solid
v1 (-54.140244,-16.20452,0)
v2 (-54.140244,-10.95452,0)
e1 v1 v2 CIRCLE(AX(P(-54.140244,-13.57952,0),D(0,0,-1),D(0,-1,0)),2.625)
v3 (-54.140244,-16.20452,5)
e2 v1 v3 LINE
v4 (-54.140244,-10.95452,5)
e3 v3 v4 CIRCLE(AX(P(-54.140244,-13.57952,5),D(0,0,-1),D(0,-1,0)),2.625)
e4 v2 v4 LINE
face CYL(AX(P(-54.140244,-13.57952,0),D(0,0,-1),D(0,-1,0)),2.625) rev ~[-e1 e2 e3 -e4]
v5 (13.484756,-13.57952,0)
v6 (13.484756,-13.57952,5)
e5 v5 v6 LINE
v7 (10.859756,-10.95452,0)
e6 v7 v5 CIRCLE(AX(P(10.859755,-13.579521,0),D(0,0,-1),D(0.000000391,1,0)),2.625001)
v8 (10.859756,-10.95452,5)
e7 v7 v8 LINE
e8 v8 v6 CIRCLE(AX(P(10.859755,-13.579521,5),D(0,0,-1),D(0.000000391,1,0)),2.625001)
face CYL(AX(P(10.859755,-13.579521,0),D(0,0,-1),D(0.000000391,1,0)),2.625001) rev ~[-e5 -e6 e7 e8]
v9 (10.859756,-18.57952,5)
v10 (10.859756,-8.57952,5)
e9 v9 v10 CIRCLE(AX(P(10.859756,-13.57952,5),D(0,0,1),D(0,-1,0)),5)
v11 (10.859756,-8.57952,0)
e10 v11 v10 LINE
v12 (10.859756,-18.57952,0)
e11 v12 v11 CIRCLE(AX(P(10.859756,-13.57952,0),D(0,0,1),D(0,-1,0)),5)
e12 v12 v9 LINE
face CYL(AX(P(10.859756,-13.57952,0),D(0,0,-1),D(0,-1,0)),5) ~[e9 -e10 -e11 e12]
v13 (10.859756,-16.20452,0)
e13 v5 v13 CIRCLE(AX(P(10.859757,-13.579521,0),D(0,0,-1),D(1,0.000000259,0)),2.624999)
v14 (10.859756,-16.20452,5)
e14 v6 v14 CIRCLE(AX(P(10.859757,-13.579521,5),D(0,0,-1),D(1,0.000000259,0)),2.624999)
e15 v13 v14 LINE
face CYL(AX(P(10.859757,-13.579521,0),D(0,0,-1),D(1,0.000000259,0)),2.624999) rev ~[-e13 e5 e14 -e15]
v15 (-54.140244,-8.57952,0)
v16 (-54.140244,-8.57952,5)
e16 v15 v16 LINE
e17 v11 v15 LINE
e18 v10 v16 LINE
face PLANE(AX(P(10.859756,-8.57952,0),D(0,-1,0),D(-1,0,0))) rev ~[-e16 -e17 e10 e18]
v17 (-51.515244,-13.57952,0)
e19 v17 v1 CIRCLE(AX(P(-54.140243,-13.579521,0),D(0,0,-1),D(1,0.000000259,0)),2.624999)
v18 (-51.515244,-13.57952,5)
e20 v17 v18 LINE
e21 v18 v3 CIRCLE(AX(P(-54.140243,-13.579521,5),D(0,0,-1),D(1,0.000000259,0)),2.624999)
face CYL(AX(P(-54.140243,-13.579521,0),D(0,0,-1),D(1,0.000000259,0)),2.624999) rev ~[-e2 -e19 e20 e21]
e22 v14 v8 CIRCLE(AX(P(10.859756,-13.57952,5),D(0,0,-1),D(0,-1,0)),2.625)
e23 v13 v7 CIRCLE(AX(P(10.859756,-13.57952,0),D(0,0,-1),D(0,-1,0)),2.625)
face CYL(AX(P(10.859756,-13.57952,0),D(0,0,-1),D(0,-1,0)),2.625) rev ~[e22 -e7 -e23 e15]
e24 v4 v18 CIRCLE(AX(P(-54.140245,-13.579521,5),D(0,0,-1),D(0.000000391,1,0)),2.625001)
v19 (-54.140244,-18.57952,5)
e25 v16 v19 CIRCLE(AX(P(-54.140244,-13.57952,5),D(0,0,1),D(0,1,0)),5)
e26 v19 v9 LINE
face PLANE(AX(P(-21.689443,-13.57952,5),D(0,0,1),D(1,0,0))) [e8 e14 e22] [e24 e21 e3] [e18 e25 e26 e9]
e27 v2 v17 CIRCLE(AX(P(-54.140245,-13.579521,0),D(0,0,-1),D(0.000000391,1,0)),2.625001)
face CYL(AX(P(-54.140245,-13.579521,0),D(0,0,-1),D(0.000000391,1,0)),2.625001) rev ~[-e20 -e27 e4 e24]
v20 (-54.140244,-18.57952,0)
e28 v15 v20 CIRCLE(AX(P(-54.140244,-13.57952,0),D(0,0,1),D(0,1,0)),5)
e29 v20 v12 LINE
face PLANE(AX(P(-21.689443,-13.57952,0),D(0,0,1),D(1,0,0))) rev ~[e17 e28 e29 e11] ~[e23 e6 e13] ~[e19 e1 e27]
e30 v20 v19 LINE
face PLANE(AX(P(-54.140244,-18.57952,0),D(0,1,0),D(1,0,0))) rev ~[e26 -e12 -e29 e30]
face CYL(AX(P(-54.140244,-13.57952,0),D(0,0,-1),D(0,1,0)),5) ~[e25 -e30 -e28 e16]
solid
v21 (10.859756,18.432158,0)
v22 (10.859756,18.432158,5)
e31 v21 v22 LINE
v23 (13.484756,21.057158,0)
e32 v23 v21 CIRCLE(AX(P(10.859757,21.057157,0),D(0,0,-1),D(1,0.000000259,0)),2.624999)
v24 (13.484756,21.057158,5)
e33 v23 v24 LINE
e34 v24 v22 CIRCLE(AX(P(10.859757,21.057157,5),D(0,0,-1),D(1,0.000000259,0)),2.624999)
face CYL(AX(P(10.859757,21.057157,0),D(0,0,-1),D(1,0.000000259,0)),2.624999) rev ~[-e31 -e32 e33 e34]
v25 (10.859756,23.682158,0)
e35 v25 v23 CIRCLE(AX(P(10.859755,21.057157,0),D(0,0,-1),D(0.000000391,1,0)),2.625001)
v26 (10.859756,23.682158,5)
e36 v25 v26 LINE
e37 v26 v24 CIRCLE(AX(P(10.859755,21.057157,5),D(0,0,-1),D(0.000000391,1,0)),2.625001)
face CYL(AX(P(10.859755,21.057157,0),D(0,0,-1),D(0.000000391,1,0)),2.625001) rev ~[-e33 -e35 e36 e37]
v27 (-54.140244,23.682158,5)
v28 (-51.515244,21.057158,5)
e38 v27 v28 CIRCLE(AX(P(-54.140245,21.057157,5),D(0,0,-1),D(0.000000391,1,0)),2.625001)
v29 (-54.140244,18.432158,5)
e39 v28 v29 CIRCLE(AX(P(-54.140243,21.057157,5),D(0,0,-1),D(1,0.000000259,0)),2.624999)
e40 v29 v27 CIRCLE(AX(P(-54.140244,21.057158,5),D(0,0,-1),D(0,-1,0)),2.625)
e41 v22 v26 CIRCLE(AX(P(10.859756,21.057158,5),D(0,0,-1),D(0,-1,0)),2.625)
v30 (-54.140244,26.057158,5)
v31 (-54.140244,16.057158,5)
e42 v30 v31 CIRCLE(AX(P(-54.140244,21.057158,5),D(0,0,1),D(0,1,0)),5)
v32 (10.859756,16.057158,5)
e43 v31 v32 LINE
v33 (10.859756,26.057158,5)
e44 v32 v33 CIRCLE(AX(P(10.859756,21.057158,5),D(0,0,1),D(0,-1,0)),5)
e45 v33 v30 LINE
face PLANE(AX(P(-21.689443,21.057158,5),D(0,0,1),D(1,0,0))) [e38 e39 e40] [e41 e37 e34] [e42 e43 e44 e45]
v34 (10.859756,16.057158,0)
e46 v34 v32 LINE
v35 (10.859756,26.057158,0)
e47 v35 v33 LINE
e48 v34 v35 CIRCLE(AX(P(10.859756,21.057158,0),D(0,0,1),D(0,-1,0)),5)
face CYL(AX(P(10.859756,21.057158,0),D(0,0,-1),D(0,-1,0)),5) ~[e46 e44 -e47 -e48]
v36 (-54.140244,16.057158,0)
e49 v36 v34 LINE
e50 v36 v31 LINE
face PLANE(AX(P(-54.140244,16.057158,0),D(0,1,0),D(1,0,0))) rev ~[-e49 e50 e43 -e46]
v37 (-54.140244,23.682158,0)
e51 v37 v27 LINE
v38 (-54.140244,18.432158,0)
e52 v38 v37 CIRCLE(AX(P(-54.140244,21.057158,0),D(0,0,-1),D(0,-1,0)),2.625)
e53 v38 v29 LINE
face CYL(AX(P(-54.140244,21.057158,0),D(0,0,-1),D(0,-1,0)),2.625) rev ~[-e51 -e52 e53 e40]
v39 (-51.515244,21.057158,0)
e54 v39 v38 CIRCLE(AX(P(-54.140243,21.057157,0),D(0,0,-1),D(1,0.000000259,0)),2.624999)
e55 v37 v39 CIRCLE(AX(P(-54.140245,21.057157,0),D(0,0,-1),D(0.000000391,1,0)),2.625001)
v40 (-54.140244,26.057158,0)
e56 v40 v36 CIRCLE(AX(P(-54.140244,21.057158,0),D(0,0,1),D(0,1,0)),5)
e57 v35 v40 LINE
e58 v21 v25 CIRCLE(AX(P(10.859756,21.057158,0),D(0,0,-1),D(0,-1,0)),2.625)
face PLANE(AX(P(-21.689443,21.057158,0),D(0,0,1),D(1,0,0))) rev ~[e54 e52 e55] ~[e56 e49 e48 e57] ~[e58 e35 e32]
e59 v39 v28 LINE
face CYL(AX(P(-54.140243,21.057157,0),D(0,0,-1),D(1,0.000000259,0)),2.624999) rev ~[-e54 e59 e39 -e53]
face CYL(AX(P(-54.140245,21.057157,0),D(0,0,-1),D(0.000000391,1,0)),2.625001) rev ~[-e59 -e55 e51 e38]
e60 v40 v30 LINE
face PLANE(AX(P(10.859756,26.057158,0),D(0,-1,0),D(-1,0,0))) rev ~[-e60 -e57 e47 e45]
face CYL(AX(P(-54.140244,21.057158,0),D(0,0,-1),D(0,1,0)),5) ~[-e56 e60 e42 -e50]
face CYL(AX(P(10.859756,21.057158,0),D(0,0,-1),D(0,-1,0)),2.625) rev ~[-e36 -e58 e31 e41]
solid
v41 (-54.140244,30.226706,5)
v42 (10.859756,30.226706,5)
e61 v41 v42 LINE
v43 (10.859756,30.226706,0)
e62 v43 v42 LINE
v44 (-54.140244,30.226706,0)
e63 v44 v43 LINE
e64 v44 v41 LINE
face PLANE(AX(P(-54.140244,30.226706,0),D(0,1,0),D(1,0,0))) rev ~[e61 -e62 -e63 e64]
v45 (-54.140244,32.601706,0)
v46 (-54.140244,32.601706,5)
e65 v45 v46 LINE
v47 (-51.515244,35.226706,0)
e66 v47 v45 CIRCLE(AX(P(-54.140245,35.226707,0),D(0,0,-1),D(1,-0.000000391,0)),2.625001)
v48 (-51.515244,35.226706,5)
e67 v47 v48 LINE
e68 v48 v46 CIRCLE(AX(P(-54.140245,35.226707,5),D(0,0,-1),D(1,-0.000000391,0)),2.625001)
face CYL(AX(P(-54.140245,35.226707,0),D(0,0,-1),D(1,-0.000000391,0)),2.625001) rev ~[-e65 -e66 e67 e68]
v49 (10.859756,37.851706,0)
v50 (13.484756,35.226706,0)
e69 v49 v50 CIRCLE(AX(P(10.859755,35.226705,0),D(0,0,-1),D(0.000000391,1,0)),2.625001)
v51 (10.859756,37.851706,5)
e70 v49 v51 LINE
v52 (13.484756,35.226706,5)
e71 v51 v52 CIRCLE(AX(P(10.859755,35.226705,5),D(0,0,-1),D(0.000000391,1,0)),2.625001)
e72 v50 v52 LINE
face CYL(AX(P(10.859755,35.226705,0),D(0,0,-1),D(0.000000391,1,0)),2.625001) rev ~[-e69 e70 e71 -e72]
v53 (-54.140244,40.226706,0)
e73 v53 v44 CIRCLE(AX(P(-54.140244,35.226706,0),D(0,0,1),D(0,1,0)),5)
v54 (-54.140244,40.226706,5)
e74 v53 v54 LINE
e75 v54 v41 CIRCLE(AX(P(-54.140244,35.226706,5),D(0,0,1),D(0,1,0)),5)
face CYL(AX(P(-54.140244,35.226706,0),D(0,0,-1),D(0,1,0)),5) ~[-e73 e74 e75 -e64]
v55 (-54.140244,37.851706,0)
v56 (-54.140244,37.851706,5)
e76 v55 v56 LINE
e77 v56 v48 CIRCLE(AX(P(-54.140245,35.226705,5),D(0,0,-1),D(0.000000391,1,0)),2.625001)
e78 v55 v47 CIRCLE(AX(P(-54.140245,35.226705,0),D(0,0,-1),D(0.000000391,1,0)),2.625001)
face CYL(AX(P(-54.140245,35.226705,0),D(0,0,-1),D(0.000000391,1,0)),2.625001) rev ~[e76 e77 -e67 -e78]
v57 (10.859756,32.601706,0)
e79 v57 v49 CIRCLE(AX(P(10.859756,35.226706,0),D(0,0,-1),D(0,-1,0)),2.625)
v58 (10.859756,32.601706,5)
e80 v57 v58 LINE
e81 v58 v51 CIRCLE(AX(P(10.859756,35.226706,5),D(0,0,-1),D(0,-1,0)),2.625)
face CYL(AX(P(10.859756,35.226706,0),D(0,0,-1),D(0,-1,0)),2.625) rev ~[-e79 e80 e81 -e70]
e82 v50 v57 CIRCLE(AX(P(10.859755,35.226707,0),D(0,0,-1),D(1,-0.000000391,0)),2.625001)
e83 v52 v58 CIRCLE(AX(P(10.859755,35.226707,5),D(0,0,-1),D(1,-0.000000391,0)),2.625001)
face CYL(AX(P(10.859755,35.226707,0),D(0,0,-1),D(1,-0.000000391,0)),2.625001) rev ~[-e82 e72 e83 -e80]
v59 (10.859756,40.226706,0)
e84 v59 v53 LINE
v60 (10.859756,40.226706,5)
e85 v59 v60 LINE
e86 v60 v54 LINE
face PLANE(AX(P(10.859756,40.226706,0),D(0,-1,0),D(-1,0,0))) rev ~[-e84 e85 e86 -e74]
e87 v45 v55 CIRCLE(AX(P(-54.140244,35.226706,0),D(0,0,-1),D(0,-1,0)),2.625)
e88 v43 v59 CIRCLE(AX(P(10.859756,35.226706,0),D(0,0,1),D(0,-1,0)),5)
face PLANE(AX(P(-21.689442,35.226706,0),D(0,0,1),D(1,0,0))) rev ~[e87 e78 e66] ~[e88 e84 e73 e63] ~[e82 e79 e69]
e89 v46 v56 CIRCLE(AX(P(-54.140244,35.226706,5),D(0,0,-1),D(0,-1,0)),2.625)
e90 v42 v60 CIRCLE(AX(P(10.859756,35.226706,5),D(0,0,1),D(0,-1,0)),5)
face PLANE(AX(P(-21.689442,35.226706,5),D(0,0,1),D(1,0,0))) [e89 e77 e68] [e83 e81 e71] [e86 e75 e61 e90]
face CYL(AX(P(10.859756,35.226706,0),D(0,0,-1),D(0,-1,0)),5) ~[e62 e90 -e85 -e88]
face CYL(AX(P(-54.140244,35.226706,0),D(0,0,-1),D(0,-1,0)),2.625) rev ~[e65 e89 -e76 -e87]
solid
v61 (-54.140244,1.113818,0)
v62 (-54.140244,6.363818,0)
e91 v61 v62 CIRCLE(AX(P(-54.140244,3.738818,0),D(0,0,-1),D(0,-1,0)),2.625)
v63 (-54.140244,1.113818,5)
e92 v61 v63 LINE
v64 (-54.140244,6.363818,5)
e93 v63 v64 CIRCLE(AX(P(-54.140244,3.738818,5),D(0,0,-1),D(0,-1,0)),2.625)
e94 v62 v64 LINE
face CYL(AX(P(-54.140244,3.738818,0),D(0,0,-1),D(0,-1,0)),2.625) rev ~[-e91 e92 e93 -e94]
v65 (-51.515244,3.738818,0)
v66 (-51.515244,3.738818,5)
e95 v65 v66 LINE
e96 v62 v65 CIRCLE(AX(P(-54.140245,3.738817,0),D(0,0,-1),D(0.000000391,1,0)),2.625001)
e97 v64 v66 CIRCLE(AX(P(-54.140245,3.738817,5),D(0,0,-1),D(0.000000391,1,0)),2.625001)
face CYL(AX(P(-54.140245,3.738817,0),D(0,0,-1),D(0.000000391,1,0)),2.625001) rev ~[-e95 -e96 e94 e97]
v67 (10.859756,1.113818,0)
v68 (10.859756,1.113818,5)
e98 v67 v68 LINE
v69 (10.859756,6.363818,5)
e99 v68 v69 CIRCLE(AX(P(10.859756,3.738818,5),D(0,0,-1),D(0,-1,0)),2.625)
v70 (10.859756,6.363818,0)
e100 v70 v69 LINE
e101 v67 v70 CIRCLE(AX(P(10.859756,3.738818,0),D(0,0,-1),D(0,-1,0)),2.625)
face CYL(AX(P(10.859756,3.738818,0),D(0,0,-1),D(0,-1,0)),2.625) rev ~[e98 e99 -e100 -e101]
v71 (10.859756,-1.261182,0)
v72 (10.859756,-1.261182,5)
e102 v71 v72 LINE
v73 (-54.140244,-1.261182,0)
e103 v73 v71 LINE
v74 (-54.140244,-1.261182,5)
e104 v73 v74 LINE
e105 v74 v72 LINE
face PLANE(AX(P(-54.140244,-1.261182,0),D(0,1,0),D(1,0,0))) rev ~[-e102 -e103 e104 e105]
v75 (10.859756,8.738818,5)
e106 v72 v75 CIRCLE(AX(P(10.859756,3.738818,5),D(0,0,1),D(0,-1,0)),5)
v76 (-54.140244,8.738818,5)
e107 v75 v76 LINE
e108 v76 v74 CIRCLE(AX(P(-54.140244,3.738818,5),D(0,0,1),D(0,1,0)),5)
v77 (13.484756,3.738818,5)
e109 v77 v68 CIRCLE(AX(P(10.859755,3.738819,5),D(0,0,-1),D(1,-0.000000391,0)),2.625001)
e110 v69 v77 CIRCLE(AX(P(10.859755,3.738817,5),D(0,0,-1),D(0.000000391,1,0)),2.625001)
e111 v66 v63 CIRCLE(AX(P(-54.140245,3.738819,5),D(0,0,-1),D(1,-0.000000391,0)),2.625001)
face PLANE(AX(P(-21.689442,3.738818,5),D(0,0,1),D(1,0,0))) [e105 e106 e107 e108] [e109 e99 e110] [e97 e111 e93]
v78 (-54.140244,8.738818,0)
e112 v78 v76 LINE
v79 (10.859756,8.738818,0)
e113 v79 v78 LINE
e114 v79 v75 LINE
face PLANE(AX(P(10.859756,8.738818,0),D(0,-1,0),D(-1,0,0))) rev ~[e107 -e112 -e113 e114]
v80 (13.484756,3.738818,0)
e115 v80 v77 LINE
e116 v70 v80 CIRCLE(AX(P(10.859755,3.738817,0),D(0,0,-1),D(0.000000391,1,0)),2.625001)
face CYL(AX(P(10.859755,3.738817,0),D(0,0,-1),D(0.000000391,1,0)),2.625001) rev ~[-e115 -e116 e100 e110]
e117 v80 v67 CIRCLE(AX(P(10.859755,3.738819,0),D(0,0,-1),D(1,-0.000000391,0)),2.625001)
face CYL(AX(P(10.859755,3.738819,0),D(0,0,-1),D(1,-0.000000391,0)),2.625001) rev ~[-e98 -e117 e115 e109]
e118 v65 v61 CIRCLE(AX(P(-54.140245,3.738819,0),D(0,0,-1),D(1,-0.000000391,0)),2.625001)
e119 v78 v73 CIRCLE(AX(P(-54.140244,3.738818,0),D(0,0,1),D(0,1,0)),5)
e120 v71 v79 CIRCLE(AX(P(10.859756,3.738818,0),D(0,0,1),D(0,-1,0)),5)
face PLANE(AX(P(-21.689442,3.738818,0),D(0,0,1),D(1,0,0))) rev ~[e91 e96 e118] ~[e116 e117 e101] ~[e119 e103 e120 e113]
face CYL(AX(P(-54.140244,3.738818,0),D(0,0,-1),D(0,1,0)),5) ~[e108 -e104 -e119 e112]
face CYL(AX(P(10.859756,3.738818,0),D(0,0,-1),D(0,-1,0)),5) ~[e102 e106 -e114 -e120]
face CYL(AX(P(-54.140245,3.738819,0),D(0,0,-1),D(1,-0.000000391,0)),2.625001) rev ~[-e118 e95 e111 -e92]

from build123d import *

# Parameters (mm, degrees)
F1_DEPTH = 5


with BuildPart() as f1:
    # F0 (on Top) → F1 (new body)
    with BuildSketch(Plane.XY):
        with BuildLine():
            Line((10.859756, 40.226706), (-54.140244, 40.226706))
            Line((-54.140244, 40.226706), (-54.140244, 37.851706))
            ThreePointArc((-54.140244, 37.851706), (-52.284089, 37.082861), (-51.515244, 35.226706))
            ThreePointArc((-51.515244, 35.226706), (-52.284089, 33.370551), (-54.140244, 32.601706))
            Line((-54.140244, 32.601706), (-54.140244, 30.226706))
            Line((-54.140244, 30.226706), (10.859756, 30.226706))
            Line((10.859756, 30.226706), (10.859756, 32.601706))
            ThreePointArc((10.859756, 32.601706), (8.234756, 35.226706), (10.859756, 37.851706))
            Line((10.859756, 37.851706), (10.859756, 40.226706))
        make_face()
        with BuildLine():
            Line((-54.140244, 37.851706), (-54.140244, 40.226706))
            ThreePointArc((-54.140244, 40.226706), (-59.140244, 35.226706), (-54.140244, 30.226706))
            Line((-54.140244, 30.226706), (-54.140244, 32.601706))
            ThreePointArc((-54.140244, 32.601706), (-56.765244, 35.226706), (-54.140244, 37.851706))
        make_face()
        with BuildLine():
            ThreePointArc((10.859756, 30.226706), (15.859756, 35.226706), (10.859756, 40.226706))
            Line((10.859756, 40.226706), (10.859756, 37.851706))
            ThreePointArc((10.859756, 37.851706), (12.715911, 37.082861), (13.484756, 35.226706))
            ThreePointArc((13.484756, 35.226706), (12.715911, 33.370551), (10.859756, 32.601706))
            Line((10.859756, 32.601706), (10.859756, 30.226706))
        make_face()
        with BuildLine():
            Line((10.859756, 26.057158), (-54.140244, 26.057158))
            Line((-54.140244, 26.057158), (-54.140244, 23.682158))
            ThreePointArc((-54.140244, 23.682158), (-52.284089, 22.913313), (-51.515244, 21.057158))
            ThreePointArc((-51.515244, 21.057158), (-52.284089, 19.201002), (-54.140244, 18.432158))
            Line((-54.140244, 18.432158), (-54.140244, 16.057158))
            Line((-54.140244, 16.057158), (10.859756, 16.057158))
            Line((10.859756, 16.057158), (10.859756, 18.432158))
            ThreePointArc((10.859756, 18.432158), (8.234756, 21.057158), (10.859756, 23.682158))
            Line((10.859756, 23.682158), (10.859756, 26.057158))
        make_face()
        with BuildLine():
            Line((-54.140244, 23.682158), (-54.140244, 26.057158))
            ThreePointArc((-54.140244, 26.057158), (-59.140244, 21.057158), (-54.140244, 16.057158))
            Line((-54.140244, 16.057158), (-54.140244, 18.432158))
            ThreePointArc((-54.140244, 18.432158), (-56.765244, 21.057158), (-54.140244, 23.682158))
        make_face()
        with BuildLine():
            ThreePointArc((10.859756, 16.057158), (15.859756, 21.057158), (10.859756, 26.057158))
            Line((10.859756, 26.057158), (10.859756, 23.682158))
            ThreePointArc((10.859756, 23.682158), (12.715911, 22.913313), (13.484756, 21.057158))
            ThreePointArc((13.484756, 21.057158), (12.715911, 19.201002), (10.859756, 18.432158))
            Line((10.859756, 18.432158), (10.859756, 16.057158))
        make_face()
        with BuildLine():
            Line((10.859756, 8.738818), (-54.140244, 8.738818))
            Line((-54.140244, 8.738818), (-54.140244, 6.363818))
            ThreePointArc((-54.140244, 6.363818), (-52.284089, 5.594973), (-51.515244, 3.738818))
            ThreePointArc((-51.515244, 3.738818), (-52.284089, 1.882663), (-54.140244, 1.113818))
            Line((-54.140244, 1.113818), (-54.140244, -1.261182))
            Line((-54.140244, -1.261182), (10.859756, -1.261182))
            Line((10.859756, -1.261182), (10.859756, 1.113818))
            ThreePointArc((10.859756, 1.113818), (8.234756, 3.738818), (10.859756, 6.363818))
            Line((10.859756, 6.363818), (10.859756, 8.738818))
        make_face()
        with BuildLine():
            Line((-54.140244, 6.363818), (-54.140244, 8.738818))
            ThreePointArc((-54.140244, 8.738818), (-59.140244, 3.738818), (-54.140244, -1.261182))
            Line((-54.140244, -1.261182), (-54.140244, 1.113818))
            ThreePointArc((-54.140244, 1.113818), (-56.765244, 3.738818), (-54.140244, 6.363818))
        make_face()
        with BuildLine():
            ThreePointArc((10.859756, -1.261182), (15.859756, 3.738818), (10.859756, 8.738818))
            Line((10.859756, 8.738818), (10.859756, 6.363818))
            ThreePointArc((10.859756, 6.363818), (12.715911, 5.594973), (13.484756, 3.738818))
            ThreePointArc((13.484756, 3.738818), (12.715911, 1.882663), (10.859756, 1.113818))
            Line((10.859756, 1.113818), (10.859756, -1.261182))
        make_face()
        with BuildLine():
            Line((10.859756, -8.57952), (-54.140244, -8.57952))
            Line((-54.140244, -8.57952), (-54.140244, -10.95452))
            ThreePointArc((-54.140244, -10.95452), (-52.284089, -11.723365), (-51.515244, -13.57952))
            ThreePointArc((-51.515244, -13.57952), (-52.284089, -15.435676), (-54.140244, -16.20452))
            Line((-54.140244, -16.20452), (-54.140244, -18.57952))
            Line((-54.140244, -18.57952), (10.859756, -18.57952))
            Line((10.859756, -18.57952), (10.859756, -16.20452))
            ThreePointArc((10.859756, -16.20452), (8.234756, -13.57952), (10.859756, -10.95452))
            Line((10.859756, -10.95452), (10.859756, -8.57952))
        make_face()
        with BuildLine():
            Line((-54.140244, -10.95452), (-54.140244, -8.57952))
            ThreePointArc((-54.140244, -8.57952), (-59.140244, -13.57952), (-54.140244, -18.57952))
            Line((-54.140244, -18.57952), (-54.140244, -16.20452))
            ThreePointArc((-54.140244, -16.20452), (-56.765244, -13.57952), (-54.140244, -10.95452))
        make_face()
        with BuildLine():
            ThreePointArc((10.859756, -18.57952), (15.859756, -13.57952), (10.859756, -8.57952))
            Line((10.859756, -8.57952), (10.859756, -10.95452))
            ThreePointArc((10.859756, -10.95452), (12.715911, -11.723365), (13.484756, -13.57952))
            ThreePointArc((13.484756, -13.57952), (12.715911, -15.435676), (10.859756, -16.20452))
            Line((10.859756, -16.20452), (10.859756, -18.57952))
        make_face()
    extrude(amount=F1_DEPTH)


solid = f1.part
